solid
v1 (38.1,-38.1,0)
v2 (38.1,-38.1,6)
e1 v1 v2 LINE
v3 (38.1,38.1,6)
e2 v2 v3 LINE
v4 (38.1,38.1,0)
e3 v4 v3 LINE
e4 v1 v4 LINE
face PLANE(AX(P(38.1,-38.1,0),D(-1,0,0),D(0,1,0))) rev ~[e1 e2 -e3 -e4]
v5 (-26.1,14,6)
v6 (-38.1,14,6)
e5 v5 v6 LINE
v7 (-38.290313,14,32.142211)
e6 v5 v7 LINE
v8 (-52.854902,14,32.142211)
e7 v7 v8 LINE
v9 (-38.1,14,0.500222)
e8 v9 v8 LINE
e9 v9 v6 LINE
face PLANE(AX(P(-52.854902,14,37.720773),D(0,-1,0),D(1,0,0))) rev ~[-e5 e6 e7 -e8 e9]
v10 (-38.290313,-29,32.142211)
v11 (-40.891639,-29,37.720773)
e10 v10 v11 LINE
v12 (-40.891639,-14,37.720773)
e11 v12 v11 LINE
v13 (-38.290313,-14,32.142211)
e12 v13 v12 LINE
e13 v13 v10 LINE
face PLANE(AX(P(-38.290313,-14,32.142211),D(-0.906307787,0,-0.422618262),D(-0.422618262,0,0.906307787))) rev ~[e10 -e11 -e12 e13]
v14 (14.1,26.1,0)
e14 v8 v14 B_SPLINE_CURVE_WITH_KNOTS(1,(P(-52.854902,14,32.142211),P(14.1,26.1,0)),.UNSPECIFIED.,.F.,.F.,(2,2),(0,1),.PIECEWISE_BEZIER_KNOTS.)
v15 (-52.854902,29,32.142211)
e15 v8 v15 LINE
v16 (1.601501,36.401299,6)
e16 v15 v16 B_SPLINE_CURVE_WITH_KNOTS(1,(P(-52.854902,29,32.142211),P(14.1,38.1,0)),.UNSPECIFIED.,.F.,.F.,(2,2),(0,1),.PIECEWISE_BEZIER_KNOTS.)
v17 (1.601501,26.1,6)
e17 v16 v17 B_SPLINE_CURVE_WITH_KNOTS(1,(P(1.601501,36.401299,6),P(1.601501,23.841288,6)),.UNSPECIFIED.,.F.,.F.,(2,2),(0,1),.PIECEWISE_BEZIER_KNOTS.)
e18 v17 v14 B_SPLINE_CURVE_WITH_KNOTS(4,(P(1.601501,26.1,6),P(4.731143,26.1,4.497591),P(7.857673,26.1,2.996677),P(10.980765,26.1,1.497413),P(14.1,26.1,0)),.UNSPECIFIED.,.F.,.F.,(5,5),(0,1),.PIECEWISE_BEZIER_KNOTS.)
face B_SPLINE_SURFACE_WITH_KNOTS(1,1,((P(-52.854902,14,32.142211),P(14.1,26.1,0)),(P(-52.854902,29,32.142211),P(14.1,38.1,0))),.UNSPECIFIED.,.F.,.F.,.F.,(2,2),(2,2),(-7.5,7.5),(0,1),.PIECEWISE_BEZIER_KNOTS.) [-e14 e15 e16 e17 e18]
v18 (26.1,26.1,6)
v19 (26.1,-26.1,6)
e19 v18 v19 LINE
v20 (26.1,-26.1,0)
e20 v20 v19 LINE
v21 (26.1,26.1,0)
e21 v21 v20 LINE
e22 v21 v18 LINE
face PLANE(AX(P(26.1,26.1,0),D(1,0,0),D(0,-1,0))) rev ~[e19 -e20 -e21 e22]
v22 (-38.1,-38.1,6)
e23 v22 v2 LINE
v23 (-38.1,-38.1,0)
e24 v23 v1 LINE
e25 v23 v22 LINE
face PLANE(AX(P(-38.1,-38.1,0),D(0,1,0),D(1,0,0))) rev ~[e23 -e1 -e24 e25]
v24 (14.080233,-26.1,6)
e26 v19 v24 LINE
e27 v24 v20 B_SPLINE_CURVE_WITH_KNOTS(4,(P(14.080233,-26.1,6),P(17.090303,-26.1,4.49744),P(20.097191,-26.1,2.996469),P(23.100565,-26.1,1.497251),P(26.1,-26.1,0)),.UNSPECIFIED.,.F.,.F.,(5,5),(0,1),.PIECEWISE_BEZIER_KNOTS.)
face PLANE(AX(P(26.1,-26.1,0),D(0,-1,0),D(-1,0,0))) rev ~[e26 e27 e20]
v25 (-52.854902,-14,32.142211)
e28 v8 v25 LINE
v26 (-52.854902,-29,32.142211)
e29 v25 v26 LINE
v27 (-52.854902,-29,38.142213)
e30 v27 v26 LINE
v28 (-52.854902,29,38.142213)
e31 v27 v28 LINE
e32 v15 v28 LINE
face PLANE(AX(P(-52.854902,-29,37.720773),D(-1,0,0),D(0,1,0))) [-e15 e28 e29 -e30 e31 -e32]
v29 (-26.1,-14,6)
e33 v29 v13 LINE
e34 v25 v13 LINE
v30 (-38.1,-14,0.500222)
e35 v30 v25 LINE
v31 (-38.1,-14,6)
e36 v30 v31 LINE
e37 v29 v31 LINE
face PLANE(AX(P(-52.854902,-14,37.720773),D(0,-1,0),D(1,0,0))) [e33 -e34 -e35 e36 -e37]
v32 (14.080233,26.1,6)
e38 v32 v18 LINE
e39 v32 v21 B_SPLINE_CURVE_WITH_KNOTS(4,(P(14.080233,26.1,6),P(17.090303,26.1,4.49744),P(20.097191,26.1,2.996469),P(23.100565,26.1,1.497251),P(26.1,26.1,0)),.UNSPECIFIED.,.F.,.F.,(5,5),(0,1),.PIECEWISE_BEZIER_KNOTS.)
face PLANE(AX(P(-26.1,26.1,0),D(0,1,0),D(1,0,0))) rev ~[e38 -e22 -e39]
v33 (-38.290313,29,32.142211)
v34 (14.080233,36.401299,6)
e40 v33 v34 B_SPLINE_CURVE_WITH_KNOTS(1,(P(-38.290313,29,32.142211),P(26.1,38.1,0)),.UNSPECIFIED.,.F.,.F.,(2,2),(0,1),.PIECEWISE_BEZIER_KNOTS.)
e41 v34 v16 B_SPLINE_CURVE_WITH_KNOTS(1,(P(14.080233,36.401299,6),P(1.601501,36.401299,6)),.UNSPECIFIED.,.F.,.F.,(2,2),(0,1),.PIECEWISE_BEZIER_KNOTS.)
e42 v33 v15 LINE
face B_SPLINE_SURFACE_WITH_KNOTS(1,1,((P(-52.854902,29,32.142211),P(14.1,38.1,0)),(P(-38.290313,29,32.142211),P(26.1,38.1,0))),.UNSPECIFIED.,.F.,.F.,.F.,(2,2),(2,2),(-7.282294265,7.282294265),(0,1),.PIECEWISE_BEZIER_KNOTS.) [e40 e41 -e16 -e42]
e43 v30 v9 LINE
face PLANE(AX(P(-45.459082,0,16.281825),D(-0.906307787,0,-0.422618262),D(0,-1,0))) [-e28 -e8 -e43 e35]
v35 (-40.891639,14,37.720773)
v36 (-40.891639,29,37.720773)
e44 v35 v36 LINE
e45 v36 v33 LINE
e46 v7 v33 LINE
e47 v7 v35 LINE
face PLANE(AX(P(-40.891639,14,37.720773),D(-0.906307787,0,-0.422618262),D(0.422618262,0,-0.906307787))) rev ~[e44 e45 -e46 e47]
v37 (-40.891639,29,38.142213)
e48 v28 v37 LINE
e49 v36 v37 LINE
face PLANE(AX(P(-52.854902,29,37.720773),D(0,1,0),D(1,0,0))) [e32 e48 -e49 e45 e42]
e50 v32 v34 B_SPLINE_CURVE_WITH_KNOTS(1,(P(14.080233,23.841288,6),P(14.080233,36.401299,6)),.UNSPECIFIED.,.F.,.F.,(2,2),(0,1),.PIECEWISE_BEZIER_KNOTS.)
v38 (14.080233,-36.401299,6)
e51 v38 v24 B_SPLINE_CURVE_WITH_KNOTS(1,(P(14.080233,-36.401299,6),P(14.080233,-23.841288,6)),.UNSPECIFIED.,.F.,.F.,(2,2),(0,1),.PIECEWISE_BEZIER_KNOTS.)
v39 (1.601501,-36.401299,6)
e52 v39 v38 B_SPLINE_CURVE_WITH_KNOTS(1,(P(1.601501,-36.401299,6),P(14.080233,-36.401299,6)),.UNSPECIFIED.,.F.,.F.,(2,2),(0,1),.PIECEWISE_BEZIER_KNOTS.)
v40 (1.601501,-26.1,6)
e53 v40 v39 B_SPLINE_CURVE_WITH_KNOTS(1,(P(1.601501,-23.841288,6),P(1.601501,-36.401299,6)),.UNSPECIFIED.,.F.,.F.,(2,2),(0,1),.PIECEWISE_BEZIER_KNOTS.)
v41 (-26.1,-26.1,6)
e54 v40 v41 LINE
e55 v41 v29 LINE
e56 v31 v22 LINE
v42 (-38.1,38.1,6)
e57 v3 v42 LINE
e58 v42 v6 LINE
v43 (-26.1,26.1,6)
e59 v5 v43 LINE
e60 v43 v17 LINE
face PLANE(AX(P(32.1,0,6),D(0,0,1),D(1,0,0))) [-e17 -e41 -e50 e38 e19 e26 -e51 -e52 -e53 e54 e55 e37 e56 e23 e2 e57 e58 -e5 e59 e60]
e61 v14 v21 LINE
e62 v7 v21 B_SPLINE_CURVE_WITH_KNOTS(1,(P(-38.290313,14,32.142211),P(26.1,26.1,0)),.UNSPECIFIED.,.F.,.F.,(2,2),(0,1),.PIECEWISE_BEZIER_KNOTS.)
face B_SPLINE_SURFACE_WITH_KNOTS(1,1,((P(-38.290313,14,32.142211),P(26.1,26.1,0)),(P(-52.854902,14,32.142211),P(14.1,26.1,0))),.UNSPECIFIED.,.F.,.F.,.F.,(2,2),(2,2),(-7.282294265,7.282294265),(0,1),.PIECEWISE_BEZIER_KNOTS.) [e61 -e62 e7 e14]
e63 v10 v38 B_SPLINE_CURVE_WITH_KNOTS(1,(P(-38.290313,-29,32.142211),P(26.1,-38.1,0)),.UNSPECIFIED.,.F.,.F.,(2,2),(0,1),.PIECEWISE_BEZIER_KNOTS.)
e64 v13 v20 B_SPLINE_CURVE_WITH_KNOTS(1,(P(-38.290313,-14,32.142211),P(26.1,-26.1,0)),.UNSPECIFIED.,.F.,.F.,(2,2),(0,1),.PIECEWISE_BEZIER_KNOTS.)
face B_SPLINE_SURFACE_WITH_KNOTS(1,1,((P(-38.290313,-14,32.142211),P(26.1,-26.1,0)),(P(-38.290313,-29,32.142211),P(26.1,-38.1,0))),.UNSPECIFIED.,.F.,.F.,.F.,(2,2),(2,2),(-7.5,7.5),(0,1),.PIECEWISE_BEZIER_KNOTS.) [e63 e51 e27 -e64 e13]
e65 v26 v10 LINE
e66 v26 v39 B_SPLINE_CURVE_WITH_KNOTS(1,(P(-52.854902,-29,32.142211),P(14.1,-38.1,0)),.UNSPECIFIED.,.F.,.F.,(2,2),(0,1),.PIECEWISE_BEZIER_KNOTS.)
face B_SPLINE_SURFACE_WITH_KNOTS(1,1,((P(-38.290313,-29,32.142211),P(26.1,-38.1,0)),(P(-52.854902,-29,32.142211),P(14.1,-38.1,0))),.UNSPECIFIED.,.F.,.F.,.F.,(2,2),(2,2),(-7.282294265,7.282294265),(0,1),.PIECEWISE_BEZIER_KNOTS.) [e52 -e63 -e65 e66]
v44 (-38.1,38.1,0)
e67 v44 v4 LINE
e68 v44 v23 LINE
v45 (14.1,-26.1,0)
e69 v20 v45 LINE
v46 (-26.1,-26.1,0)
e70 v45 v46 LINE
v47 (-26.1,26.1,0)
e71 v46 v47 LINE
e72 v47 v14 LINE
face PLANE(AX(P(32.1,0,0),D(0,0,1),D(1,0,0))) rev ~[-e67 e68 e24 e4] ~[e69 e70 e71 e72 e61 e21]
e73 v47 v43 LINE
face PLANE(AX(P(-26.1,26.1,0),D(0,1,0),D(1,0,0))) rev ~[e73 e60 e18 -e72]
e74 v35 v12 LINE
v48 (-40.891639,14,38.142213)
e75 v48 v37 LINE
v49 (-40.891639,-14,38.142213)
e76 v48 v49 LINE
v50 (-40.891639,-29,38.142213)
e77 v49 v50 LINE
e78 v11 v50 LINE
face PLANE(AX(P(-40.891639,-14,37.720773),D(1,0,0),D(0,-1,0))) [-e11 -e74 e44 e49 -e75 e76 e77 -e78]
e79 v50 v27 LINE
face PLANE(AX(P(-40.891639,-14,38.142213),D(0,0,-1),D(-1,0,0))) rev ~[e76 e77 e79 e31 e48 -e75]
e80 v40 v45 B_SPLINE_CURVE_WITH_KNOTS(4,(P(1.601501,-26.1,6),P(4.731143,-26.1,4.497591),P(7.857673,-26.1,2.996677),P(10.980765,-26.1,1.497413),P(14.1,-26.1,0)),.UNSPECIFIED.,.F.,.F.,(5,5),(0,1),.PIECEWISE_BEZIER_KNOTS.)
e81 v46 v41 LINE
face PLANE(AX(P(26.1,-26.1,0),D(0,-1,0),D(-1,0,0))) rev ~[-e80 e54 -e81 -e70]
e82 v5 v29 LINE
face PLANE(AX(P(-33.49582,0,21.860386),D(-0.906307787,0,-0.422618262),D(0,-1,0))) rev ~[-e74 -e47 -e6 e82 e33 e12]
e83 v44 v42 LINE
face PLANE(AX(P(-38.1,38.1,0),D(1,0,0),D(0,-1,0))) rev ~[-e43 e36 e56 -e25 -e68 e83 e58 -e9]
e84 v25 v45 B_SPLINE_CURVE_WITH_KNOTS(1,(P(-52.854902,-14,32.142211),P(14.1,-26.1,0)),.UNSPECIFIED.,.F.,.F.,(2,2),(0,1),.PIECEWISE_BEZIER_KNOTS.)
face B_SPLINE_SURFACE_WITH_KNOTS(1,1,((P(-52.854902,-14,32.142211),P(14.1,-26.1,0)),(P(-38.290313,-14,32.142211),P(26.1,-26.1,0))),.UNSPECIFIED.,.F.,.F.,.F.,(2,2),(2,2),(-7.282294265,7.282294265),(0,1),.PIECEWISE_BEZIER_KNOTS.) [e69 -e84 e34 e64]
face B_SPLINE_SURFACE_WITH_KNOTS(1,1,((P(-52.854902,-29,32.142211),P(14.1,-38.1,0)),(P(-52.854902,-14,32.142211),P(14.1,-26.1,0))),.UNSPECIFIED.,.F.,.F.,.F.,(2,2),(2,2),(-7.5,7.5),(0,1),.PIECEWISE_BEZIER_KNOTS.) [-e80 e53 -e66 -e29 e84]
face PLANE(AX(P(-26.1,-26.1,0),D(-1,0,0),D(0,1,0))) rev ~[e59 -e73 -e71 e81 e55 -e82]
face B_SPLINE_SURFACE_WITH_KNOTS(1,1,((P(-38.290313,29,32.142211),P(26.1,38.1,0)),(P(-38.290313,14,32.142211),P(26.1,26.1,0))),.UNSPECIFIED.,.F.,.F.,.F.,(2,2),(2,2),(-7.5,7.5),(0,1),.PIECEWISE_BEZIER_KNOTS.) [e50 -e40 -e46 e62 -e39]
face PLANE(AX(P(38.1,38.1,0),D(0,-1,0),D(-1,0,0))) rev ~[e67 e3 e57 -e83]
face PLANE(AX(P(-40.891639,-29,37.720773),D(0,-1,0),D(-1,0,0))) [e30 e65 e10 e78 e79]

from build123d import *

# Parameters (mm, degrees)
F0_W        = 12
F0_H        = 12
F0_H_2      = 28
F1_DEPTH    = 6
F3_W        = 28
F3_H        = 35
F4_DEPTH    = 13.2
F6_W        = 11.9632627889
F6_H        = 28
F9_DEPTH    = 15
F11_DEPTH   = 15
F12_DEPTH   = 0.42144
F9_FACE_W   = 14.5645885303
F9_FACE_H   = 15
F11_FACE1_W = 14.5645885303
F11_FACE1_H = 15


with BuildPart() as f1:
    # F0 (on Top) → F1 (new body)
    with BuildSketch(Plane.XY):
        Polygon((38.1, -38.1), (38.1, 38.1), (26.1, 38.1), (26.1, 26.1), (26.1, -26.1), (26.1, -38.1), align=None)
        with Locations((20.1, 32.1)):
            Rectangle(F0_W, F0_H)
        Polygon((14.1, 26.1), (14.1, 38.1), (-13.07, 38.1), (-26.1, 38.1), (-26.1, 26.1), (-12.9487672821, 26.1), align=None)
        with Locations((20.1, -32.1)):
            Rectangle(F0_W, F0_H)
        Polygon((-13.07, -38.1), (14.1, -38.1), (14.1, -26.1), (-12.9487672821, -26.1), (-26.1, -26.1), (-26.1, -38.1), align=None)
        Polygon((-26.1, 26.1), (-26.1, 38.1), (-38.1, 38.1), (-38.1, 14), (-26.1, 14), align=None)
        Polygon((-38.1, -38.1), (-26.1, -38.1), (-26.1, -26.1), (-26.1, -14), (-38.1, -14), (-38.1, -20), (-38.1, -23), align=None)
        with Locations((-32.1, 0)):
            Rectangle(F0_W, F0_H_2)
    extrude(amount=F1_DEPTH)

    # F3 (on face) → F4 (join)
    with BuildSketch(Plane(origin=(-19.1402449771, 0, -8.9252428118), x_dir=(0, -1, 0), z_dir=(-0.906307787, 0, -0.4226182617))):
        with Locations((0, 33.9681833537)):
            Rectangle(F3_W, F3_H)
    extrude(amount=F4_DEPTH)

    # F6 (on face) → F7 (join, up to the next surface of F1)
    with BuildSketch(Plane.XY.offset(37.7207725463)):
        with Locations((-46.8732705554, 0)):
            Rectangle(F6_W, F6_H)
    extrude(until=Until.NEXT, dir=(0, 0, -1))

    # F8 (on face) → F9 (join)
    with BuildSketch(Plane(origin=(0, 14, 0), x_dir=(-1, 0, 0), z_dir=(0, 1, 0))):
        Polygon((38.2903134195, 32.1422114913), (52.8549019498, 32.1422114913), (52.8549019498, 37.7207725463), (40.8916391609, 37.7207725463), align=None)
    extrude(amount=F9_DEPTH)

    # F10 (on face) → F11 (join)
    with BuildSketch(Plane.XZ.offset(14)):
        Polygon((-52.8549019498, 37.7207725463), (-52.8549019498, 32.1422114913), (-38.2903134195, 32.1422114913), (-40.8916391609, 37.7207725463), align=None)
    extrude(amount=F11_DEPTH)

    # F12 (add): a face of the model
    f12_faces = [f1.faces().sort_by_distance(p)[0] for p in [
        (-46.8732705554, 0, 37.7207725463),
    ]]
    extrude(f12_faces, amount=F12_DEPTH)

    # F9_face (on face) → F13 section 0
    with BuildSketch(Plane(origin=(-45.5726076847, 21.5, 32.1422114913), x_dir=(1, 0, 0), z_dir=(0, 0, -1))):
        Rectangle(F9_FACE_W, F9_FACE_H)
    # F0 (on Top) → F13 section 1
    with BuildSketch(Plane.XY):
        with Locations((20.1, 32.1)):
            Rectangle(F0_W, F0_H)
    loft()

    # F11_face1 (on face) → F14 section 0
    with BuildSketch(Plane(origin=(-45.5726076847, -21.5, 32.1422114913), x_dir=(1, 0, 0), z_dir=(0, 0, -1))):
        Rectangle(F11_FACE1_W, F11_FACE1_H)
    # F0 (on Top) → F14 section 1
    with BuildSketch(Plane.XY):
        with Locations((20.1, -32.1)):
            Rectangle(F0_W, F0_H)
    loft()


solid = f1.part
